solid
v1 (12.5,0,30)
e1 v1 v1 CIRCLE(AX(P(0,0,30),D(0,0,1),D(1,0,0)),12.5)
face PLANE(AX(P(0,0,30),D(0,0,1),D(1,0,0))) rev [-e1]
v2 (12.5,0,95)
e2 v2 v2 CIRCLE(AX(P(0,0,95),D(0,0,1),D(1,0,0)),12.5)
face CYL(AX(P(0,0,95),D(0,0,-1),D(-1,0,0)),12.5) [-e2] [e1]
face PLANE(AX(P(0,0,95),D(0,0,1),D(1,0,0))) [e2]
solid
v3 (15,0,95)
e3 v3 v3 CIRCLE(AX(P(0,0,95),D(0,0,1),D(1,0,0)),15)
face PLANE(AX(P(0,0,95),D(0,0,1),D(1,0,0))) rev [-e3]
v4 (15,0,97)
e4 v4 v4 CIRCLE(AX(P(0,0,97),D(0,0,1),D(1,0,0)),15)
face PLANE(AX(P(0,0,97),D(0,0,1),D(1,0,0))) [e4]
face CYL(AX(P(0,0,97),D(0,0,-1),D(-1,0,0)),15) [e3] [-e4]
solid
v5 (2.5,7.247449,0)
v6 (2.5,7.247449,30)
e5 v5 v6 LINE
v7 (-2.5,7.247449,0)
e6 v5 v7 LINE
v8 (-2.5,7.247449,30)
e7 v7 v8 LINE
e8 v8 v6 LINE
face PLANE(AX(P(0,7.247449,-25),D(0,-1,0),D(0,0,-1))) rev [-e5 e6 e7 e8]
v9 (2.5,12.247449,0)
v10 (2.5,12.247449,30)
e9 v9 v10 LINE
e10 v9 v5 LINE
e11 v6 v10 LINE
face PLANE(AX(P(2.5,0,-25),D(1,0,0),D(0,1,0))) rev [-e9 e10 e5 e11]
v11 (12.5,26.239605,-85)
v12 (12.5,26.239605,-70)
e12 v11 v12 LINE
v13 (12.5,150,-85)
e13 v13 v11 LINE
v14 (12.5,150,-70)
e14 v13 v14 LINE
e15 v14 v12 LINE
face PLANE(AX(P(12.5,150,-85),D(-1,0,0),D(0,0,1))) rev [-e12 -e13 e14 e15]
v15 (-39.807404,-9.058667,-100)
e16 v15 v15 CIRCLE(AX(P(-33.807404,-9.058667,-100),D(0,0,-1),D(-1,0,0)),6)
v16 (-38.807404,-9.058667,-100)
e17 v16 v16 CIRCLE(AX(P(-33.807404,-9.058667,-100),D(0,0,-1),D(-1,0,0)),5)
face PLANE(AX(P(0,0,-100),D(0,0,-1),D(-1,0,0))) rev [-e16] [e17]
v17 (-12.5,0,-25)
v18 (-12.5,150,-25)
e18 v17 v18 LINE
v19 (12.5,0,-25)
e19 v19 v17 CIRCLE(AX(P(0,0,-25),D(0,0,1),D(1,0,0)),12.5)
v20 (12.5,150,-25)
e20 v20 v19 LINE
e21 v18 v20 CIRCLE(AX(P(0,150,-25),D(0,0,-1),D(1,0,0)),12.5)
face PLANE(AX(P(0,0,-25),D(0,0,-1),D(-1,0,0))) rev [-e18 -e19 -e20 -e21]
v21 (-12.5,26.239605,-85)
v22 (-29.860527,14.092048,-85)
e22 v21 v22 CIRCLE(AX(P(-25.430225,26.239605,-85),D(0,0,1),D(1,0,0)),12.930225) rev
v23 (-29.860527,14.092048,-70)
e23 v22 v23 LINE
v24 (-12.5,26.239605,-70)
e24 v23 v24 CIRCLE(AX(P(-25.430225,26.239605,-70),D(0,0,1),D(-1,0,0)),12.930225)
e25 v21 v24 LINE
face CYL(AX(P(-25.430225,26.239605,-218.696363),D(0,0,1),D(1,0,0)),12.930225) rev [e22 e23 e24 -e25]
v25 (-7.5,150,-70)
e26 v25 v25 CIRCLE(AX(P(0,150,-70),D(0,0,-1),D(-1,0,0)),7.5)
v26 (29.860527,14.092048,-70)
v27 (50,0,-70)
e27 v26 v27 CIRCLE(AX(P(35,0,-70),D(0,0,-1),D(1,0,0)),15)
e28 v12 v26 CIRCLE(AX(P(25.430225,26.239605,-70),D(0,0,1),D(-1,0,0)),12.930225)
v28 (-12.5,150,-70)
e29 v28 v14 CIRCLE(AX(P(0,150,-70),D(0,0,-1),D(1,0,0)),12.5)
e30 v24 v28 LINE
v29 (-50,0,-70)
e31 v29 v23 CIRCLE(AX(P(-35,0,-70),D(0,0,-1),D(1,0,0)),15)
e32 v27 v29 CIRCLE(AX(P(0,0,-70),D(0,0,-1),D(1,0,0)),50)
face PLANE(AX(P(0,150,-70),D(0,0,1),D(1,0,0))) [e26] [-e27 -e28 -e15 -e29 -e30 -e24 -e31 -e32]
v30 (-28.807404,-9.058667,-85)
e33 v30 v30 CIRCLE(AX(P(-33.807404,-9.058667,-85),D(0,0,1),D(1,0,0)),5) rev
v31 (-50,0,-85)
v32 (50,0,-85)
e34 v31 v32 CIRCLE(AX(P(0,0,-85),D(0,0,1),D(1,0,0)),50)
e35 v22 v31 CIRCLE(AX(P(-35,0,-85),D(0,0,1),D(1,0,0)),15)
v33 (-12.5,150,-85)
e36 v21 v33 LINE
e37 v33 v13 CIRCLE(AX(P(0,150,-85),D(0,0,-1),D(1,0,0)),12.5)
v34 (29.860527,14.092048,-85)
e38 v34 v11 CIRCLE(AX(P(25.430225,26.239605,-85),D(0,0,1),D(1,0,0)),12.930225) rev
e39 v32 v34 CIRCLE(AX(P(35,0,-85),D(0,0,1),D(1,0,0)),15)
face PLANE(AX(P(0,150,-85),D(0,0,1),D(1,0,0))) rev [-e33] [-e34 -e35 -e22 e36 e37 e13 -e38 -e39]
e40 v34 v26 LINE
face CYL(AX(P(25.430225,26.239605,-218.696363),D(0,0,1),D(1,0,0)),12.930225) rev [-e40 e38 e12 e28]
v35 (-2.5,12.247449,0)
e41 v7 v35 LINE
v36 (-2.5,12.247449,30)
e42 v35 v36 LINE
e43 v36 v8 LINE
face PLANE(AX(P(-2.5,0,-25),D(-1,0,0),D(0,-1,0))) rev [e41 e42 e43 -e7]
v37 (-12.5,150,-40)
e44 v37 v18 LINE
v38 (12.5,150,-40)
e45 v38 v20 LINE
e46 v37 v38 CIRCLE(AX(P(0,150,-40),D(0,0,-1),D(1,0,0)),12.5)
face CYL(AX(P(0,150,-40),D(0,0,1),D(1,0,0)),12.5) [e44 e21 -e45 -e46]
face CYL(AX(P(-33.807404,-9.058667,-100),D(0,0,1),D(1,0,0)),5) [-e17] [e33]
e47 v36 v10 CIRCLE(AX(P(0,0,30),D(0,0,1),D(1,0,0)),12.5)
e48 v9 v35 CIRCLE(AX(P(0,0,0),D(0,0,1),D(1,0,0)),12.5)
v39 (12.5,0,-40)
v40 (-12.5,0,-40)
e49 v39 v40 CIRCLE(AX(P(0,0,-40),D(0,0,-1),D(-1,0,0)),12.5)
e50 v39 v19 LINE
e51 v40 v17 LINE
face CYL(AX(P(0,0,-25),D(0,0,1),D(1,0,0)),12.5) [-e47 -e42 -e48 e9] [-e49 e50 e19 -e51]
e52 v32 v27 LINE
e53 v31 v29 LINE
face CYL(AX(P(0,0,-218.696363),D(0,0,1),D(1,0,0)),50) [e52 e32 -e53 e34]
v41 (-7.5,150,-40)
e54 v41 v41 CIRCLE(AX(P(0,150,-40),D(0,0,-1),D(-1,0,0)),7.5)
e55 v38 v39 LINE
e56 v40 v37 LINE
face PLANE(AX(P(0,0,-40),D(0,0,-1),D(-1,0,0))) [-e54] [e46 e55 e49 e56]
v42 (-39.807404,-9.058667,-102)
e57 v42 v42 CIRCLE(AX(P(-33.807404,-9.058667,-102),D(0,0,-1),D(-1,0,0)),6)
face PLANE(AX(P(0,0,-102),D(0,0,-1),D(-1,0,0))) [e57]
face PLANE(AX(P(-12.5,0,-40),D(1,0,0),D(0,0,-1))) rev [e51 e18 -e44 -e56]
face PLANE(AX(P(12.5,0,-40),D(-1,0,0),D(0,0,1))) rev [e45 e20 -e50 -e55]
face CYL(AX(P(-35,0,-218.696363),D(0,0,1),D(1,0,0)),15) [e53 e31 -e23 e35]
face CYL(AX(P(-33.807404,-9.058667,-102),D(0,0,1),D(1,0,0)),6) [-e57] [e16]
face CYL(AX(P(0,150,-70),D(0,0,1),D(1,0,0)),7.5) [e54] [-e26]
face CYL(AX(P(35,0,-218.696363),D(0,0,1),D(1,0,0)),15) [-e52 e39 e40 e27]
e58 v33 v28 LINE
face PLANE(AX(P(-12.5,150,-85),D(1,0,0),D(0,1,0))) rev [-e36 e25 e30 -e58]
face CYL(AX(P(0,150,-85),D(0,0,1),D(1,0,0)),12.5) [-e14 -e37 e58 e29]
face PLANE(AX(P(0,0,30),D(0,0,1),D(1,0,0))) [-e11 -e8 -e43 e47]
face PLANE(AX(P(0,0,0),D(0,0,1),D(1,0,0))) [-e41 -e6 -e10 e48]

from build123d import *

# Parameters (mm, degrees)
BOSS_EXTRUDE1_START  = 30
BOSS_EXTRUDE1_DEPTH  = 55
BOSS_EXTRUDE3_DEPTH  = 15
SKETCH5_R            = 7.5
BOSS_EXTRUDE4_DEPTH  = 30
BOSS_EXTRUDE5_DEPTH  = 15
BOSS_EXTRUDE7_DEPTH  = 15
BOSS_EXTRUDE8_START  = 65
SKETCH12_R           = 12.5
BOSS_EXTRUDE8_DEPTH  = 65
SKETCH14_R           = 15
BOSS_EXTRUDE9_DEPTH  = 2
SKETCH2_5_W          = 5
SKETCH2_5_H          = 5
BOSS_EXTRUDE10_DEPTH = 30
SKETCH10_R           = 5
BOSS_EXTRUDE11_DEPTH = 15
BOSS_EXTRUDE12_START = 15
SKETCH10_3_R         = 6
SKETCH10_3_R_2       = 5
BOSS_EXTRUDE12_DEPTH = 2


with BuildPart() as part:
    # Sketch2 → Boss-Extrude1 (new body)
    with BuildSketch(Plane.XY.offset(BOSS_EXTRUDE1_START)):
        with BuildLine():
            Line((-2.5, 7.247448714), (-2.5, 12.247448714))
            ThreePointArc((-2.5, 12.247448714), (-7.90569415, -9.682458366), (12.5, 0))
            ThreePointArc((12.5, 0), (9.682458366, 7.90569415), (2.5, 12.247448714))
            Line((2.5, 12.247448714), (2.5, 7.247448714))
            Line((2.5, 7.247448714), (-2.5, 7.247448714))
        make_face()
    extrude(amount=-BOSS_EXTRUDE1_DEPTH)

    # Sketch3 → Boss-Extrude3 (add)
    with BuildSketch(Plane(origin=(0, 0, -25), x_dir=(-1, 0, 0), z_dir=(0, 0, -1))):
        with BuildLine():
            Line((-12.5, 0), (-12.5, 150))
            ThreePointArc((-12.5, 150), (0, 162.5), (12.5, 150))
            Line((12.5, 150), (12.5, 0))
            ThreePointArc((12.5, 0), (0, -12.5), (-12.5, 0))
        make_face()
    extrude(amount=BOSS_EXTRUDE3_DEPTH)

    # Sketch5 → Boss-Extrude4 (add)
    with BuildSketch(Plane(origin=(0, 0, -40), x_dir=(-1, 0, 0), z_dir=(0, 0, -1))):
        with Locations((0, 150)):
            Circle(SKETCH5_R)
    extrude(amount=BOSS_EXTRUDE4_DEPTH)

    # Sketch6 → Boss-Extrude5 (add)
    with BuildSketch(Plane(origin=(0, 0, -70), x_dir=(-1, 0, 0), z_dir=(0, 0, -1))):
        with BuildLine():
            Line((12.5, 150), (12.5, 0))
            ThreePointArc((12.5, 0), (0, -12.5), (-12.5, 0))
            Line((-12.5, 0), (-12.5, 150))
            ThreePointArc((-12.5, 150), (0, 162.5), (12.5, 150))
        make_face()
    extrude(amount=BOSS_EXTRUDE5_DEPTH)

    # Sketch8 → Boss-Extrude7 (add)
    with BuildSketch(Plane(origin=(0, 0, -70), x_dir=(-1, 0, 0), z_dir=(0, 0, -1))):
        with BuildLine():
            ThreePointArc((50, 0), (0, -50), (-50, 0))
            ThreePointArc((-50, 0), (-43.599648561, 12.290079114), (-29.860527384, 14.092048156))
            ThreePointArc((-29.860527384, 14.092048156), (-18.017198913, 15.645372491), (-12.5, 26.239604975))
            ThreePointArc((-12.5, 26.239604975), (0, 38.739604975), (12.5, 26.239604975))
            ThreePointArc((12.5, 26.239604975), (18.017198913, 15.645372491), (29.860527384, 14.092048156))
            ThreePointArc((29.860527384, 14.092048156), (43.599648561, 12.290079114), (50, 0))
        make_face()
    extrude(amount=BOSS_EXTRUDE7_DEPTH)

    # Sketch2<5> → Boss-Extrude10 (add)
    with BuildSketch(Plane.XY):
        with BuildLine():
            Line((-2.5, 7.247448714), (-2.5, 12.247448714))
            ThreePointArc((-2.5, 12.247448714), (-7.90569415, -9.682458366), (12.5, 0))
            ThreePointArc((12.5, 0), (9.682458366, 7.90569415), (2.5, 12.247448714))
            Line((2.5, 12.247448714), (2.5, 7.247448714))
            Line((2.5, 7.247448714), (-2.5, 7.247448714))
        make_face()
        with Locations((0, 9.747448714)):
            Rectangle(SKETCH2_5_W, SKETCH2_5_H)
        with BuildLine():
            ThreePointArc((0, 12.5), (-1.256362025, 12.436701913), (-2.5, 12.247448714))
            Line((-2.5, 12.247448714), (0, 12.247448714))
            Line((0, 12.247448714), (0, 12.5))
        make_face()
        with BuildLine():
            Line((0, 12.5), (0, 12.247448714))
            Line((0, 12.247448714), (2.5, 12.247448714))
            ThreePointArc((2.5, 12.247448714), (1.256362025, 12.436701913), (0, 12.5))
        make_face()
    extrude(amount=-BOSS_EXTRUDE10_DEPTH)

    # Sketch10 → Boss-Extrude11 (add)
    with BuildSketch(Plane(origin=(0, 0, -85), x_dir=(-1, 0, 0), z_dir=(0, 0, -1))):
        with Locations(Location((33.80740392, -9.058666579, 0), (0, 0, 180))):
            Circle(SKETCH10_R)
    extrude(amount=BOSS_EXTRUDE11_DEPTH)

    # Sketch10<3> → Boss-Extrude12 (add)
    # profile 1 of 2: a face of its own
    with BuildSketch(Plane(origin=(0, 0, -85), x_dir=(-1, 0, 0), z_dir=(0, 0, -1)).offset(BOSS_EXTRUDE12_START)):
        with Locations((33.80740392, -9.058666579)):
            Circle(SKETCH10_3_R)
        with Locations(Location((33.80740392, -9.058666579, 0), (0, 0, 180))):
            Circle(SKETCH10_3_R_2, mode=Mode.SUBTRACT)
    # profile 2 of 2: a face of its own
    with BuildSketch(Plane(origin=(0, 0, -85), x_dir=(-1, 0, 0), z_dir=(0, 0, -1)).offset(BOSS_EXTRUDE12_START)):
        with Locations(Location((33.80740392, -9.058666579, 0), (0, 0, 180))):
            Circle(SKETCH10_3_R_2)
    extrude(amount=BOSS_EXTRUDE12_DEPTH)


with BuildPart() as body_2:
    # Sketch12 → Boss-Extrude8 (new body)
    with BuildSketch(Plane.XY.offset(30).offset(BOSS_EXTRUDE8_START)):
        Circle(SKETCH12_R)
    extrude(amount=-BOSS_EXTRUDE8_DEPTH)


with BuildPart() as body_3:
    # Sketch14 → Boss-Extrude9 (new body)
    with BuildSketch(Plane.XY.offset(95)):
        Circle(SKETCH14_R)
    extrude(amount=BOSS_EXTRUDE9_DEPTH)


solid = Compound([part.part, body_2.part, body_3.part])
